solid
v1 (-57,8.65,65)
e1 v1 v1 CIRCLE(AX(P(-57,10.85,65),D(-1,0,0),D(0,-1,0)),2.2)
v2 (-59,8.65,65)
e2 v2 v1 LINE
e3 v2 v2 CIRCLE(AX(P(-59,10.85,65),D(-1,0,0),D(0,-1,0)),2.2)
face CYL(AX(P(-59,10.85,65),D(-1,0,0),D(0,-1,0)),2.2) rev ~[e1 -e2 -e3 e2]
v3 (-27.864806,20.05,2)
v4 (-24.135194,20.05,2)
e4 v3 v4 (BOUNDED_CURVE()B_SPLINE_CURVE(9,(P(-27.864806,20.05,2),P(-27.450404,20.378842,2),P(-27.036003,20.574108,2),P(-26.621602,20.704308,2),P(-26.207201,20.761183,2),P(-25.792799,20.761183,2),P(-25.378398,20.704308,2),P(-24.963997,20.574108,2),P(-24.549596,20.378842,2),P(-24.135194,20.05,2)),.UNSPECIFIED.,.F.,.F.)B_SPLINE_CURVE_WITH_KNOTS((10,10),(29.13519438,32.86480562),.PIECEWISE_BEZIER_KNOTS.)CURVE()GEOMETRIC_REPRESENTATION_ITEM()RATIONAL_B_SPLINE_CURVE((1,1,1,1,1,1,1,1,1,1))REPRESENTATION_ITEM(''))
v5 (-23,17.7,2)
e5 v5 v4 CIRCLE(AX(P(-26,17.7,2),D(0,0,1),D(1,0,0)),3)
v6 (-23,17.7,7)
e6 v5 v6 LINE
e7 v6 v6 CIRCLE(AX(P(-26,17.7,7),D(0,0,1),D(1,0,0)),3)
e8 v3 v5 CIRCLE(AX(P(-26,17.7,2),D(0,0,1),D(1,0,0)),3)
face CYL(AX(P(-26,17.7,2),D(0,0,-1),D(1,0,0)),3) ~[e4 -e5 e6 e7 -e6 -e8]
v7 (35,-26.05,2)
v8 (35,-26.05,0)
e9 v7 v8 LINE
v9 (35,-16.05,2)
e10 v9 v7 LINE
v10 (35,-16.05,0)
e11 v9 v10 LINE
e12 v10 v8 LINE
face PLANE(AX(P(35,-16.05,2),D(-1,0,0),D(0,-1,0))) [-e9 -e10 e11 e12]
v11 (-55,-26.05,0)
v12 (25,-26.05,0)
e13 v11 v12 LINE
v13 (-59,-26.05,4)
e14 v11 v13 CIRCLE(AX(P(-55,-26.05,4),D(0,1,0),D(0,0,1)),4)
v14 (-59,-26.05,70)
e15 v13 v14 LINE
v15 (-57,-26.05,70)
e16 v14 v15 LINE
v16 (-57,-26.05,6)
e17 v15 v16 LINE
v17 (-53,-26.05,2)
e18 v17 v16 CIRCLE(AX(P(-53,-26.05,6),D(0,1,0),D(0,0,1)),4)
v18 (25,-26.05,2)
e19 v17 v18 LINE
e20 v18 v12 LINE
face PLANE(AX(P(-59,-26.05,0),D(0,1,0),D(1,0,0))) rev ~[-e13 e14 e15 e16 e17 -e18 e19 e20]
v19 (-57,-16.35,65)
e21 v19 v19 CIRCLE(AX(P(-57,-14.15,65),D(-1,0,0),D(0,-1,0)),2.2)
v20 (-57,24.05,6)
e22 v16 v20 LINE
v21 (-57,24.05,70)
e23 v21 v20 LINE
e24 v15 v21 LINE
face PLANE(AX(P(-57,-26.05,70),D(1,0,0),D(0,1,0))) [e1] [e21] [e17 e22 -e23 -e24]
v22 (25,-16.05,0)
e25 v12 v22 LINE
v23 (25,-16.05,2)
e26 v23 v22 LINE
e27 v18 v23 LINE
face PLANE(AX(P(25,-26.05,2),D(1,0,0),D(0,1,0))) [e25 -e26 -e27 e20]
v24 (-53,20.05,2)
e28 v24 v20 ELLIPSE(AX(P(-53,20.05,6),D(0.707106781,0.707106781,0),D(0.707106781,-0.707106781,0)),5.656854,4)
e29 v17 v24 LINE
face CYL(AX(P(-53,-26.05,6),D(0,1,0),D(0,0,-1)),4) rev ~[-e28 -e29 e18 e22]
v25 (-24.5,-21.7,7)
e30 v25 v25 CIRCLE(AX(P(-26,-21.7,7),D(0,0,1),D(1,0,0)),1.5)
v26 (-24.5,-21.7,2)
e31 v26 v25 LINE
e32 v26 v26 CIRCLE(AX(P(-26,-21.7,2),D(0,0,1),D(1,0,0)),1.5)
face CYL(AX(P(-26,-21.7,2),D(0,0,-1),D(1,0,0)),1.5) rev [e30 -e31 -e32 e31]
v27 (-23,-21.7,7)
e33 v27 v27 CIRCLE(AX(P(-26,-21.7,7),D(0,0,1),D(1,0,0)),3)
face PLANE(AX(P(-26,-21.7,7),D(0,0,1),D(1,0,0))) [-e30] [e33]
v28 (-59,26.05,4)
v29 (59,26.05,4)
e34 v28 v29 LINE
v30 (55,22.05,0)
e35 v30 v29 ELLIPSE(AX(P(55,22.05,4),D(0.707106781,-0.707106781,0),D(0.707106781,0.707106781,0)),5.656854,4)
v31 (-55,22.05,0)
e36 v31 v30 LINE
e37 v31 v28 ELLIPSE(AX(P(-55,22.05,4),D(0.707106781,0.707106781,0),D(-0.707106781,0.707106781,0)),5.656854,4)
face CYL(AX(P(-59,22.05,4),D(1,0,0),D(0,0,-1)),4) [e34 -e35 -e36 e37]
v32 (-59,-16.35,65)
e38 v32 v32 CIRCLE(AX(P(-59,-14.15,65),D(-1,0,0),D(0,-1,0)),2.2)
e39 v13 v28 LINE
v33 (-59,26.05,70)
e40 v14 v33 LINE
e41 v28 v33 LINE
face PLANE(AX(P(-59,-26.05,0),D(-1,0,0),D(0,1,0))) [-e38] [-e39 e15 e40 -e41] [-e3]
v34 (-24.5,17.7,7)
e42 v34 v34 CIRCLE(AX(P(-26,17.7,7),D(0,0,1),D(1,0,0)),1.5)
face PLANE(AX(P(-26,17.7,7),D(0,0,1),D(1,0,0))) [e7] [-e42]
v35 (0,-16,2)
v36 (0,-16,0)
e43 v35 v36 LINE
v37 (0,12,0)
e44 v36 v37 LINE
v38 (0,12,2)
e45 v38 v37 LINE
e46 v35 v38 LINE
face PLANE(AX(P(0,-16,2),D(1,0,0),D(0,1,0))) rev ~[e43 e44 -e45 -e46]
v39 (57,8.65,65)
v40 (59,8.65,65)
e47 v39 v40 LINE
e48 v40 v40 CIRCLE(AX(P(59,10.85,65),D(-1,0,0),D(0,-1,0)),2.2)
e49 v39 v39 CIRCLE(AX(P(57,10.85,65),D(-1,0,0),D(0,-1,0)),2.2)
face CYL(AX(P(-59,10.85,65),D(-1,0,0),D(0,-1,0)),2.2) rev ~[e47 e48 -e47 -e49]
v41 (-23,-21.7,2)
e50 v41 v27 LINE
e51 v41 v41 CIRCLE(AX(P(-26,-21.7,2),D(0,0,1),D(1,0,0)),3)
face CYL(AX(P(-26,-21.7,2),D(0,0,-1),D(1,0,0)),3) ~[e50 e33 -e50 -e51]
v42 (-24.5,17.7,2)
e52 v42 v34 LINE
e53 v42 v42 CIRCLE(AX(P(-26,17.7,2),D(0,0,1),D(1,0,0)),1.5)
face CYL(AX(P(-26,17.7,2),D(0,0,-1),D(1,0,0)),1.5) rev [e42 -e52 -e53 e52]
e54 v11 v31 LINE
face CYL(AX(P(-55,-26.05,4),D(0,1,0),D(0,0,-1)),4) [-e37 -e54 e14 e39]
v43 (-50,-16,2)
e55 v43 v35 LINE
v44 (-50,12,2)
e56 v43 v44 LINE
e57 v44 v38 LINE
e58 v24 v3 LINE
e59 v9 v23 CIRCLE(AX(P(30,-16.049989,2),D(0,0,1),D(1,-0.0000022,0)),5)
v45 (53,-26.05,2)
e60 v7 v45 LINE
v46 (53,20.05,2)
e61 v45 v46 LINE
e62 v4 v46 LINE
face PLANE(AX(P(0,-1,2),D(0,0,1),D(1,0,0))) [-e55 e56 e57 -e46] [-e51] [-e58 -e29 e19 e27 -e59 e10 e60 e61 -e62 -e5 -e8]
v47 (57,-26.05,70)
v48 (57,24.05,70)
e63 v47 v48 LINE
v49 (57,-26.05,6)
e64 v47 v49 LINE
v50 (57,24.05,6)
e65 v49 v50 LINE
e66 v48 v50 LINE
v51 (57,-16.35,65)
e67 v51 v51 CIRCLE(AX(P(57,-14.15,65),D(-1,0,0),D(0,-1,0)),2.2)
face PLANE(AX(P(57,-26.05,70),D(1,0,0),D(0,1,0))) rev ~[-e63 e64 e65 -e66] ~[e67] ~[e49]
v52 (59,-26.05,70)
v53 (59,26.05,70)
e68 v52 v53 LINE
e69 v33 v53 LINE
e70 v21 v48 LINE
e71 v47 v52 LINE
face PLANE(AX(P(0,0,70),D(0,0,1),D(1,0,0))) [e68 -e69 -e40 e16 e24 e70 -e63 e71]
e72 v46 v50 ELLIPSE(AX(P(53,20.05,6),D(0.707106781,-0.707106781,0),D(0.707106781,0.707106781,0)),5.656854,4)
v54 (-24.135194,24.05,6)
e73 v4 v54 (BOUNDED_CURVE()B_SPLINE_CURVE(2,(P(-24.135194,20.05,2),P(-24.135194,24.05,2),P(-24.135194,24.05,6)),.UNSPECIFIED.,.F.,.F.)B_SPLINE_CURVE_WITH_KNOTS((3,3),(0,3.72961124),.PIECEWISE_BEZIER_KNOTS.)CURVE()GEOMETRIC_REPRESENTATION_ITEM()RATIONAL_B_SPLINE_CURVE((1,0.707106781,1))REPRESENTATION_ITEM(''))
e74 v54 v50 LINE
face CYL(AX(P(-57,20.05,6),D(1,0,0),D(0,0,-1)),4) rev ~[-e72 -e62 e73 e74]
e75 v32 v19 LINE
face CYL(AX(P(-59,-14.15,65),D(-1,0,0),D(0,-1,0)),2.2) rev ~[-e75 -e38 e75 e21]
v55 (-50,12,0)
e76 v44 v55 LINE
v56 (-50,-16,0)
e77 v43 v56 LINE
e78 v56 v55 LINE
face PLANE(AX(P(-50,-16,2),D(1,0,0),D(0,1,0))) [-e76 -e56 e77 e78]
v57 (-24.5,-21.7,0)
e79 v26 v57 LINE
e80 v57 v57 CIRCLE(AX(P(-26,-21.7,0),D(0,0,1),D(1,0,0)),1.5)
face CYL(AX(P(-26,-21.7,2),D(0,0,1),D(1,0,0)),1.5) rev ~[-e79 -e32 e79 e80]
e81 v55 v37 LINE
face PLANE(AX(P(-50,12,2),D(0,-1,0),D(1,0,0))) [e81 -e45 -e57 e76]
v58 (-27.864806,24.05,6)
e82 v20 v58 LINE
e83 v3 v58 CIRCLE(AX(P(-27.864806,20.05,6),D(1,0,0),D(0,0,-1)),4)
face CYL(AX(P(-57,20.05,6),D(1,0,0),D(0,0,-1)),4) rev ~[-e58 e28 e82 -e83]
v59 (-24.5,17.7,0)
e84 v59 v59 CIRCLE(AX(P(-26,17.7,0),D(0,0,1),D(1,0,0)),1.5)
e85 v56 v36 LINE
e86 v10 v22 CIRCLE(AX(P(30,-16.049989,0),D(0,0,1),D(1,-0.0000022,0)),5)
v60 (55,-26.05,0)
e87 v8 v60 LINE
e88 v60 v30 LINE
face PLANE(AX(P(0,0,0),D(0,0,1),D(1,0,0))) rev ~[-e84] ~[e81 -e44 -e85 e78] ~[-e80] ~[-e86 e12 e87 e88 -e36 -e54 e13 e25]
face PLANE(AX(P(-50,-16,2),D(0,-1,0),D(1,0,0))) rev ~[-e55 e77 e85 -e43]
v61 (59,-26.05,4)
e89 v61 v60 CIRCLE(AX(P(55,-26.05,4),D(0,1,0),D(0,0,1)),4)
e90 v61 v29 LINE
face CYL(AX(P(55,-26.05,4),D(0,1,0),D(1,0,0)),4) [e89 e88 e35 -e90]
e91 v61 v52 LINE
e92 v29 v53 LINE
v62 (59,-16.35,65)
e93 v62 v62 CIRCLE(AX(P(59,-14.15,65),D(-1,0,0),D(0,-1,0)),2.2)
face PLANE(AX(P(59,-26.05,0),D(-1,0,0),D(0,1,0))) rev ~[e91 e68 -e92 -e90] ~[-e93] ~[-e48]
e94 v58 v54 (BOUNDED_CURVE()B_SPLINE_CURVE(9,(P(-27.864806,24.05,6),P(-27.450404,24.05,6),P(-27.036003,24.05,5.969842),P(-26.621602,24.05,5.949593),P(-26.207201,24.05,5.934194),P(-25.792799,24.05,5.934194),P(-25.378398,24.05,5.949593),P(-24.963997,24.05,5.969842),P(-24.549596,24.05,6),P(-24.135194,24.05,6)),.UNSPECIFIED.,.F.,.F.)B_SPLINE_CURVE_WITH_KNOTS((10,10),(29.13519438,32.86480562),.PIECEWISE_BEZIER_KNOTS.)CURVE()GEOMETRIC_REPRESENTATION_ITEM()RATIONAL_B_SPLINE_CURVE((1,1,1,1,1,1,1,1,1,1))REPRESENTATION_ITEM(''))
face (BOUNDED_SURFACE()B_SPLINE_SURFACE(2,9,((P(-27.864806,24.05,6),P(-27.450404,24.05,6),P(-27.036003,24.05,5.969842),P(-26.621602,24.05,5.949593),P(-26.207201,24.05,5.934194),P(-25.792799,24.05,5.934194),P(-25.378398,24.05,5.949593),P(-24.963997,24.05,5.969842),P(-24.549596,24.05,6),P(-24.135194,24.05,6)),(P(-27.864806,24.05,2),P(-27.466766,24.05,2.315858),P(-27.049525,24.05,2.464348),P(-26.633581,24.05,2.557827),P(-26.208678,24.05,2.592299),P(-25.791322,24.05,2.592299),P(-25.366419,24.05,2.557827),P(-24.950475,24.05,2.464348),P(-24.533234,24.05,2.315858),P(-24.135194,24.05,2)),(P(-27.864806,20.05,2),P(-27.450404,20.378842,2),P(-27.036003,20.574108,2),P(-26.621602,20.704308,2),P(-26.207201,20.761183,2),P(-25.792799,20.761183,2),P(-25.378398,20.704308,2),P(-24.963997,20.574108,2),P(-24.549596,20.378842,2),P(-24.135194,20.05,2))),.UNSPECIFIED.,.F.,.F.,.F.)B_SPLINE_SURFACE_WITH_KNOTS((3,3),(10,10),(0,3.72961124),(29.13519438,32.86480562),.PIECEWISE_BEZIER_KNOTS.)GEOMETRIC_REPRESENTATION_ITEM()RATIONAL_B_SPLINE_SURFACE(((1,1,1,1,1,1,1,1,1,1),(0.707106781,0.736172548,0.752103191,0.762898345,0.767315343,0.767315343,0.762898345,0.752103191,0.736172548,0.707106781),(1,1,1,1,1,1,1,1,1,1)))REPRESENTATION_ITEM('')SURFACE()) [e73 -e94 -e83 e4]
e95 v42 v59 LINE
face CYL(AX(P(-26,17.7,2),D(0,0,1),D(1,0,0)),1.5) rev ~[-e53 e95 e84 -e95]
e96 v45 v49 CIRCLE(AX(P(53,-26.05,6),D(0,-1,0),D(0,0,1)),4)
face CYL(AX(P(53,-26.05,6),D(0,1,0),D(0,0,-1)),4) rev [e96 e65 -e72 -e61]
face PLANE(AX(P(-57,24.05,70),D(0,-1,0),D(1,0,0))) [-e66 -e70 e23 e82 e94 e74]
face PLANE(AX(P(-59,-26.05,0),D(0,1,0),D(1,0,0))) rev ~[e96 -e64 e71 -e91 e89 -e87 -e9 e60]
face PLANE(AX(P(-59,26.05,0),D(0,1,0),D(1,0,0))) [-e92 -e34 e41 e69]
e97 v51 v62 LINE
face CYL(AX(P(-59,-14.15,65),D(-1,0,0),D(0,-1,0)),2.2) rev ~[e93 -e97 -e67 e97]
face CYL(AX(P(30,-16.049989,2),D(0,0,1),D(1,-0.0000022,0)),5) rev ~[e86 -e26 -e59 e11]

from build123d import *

# Parameters (mm, degrees)
SKETCH_W        = 118
SKETCH_H        = 52.1
PAD_DEPTH       = 70
SKETCH001_W     = 114
SKETCH001_H     = 50.1
POCKET_DEPTH    = 68
SKETCH002_W     = 50
SKETCH002_H     = 28
POCKET001_DEPTH = 2.001
SKETCH003_R     = 1.5
POCKET002_DEPTH = 2.001
SKETCH004_R     = 3
SKETCH004_R_2   = 1.5
PAD001_DEPTH    = 5
SKETCH005_R     = 2.2
POCKET003_DEPTH = 118.001
POCKET004_DEPTH = 2.001
FILLET_R        = 4
FILLET001_R     = 4


with BuildPart() as part:
    # Sketch → Pad (new body)
    with BuildSketch(Plane.XY):
        Rectangle(SKETCH_W, SKETCH_H)
    extrude(amount=PAD_DEPTH)

    # Sketch001 → Pocket (cut)
    with BuildSketch(Plane.XY.offset(70)):
        with Locations((0, -1)):
            Rectangle(SKETCH001_W, SKETCH001_H)
    extrude(amount=-POCKET_DEPTH, mode=Mode.SUBTRACT)

    # Sketch002 → Pocket001 (cut, through all)
    with BuildSketch(Plane.XY.offset(2)):
        with Locations((-25, -2)):
            Rectangle(SKETCH002_W, SKETCH002_H)
    extrude(amount=-POCKET001_DEPTH, mode=Mode.SUBTRACT)

    # Sketch003 → Pocket002 (cut, through all)
    with BuildSketch(Plane.XY.offset(2)):
        with Locations((-26, 17.7)):
            Circle(SKETCH003_R)
        with Locations((-26, -21.7)):
            Circle(SKETCH003_R)
    extrude(amount=-POCKET002_DEPTH, mode=Mode.SUBTRACT)

    # Sketch004 → Pad001 (new body)
    with BuildSketch(Plane.XY.offset(2)):
        with Locations((-26, 17.7)):
            Circle(SKETCH004_R)
        with Locations((-26, 17.7)):
            Circle(SKETCH004_R_2, mode=Mode.SUBTRACT)
        with Locations((-26, -21.7)):
            Circle(SKETCH004_R)
        with Locations((-26, -21.7)):
            Circle(SKETCH004_R_2, mode=Mode.SUBTRACT)
    extrude(amount=PAD001_DEPTH)

    # Sketch005 → Pocket003 (cut, through all)
    with BuildSketch(Plane(origin=(-59, 0, 0), x_dir=(0, -1, 0), z_dir=(-1, 0, 0))):
        with Locations((-10.85, 65)):
            Circle(SKETCH005_R)
        with Locations((14.15, 65)):
            Circle(SKETCH005_R)
    extrude(amount=-POCKET003_DEPTH, mode=Mode.SUBTRACT)

    # Sketch006 → Pocket004 (cut, through all)
    with BuildSketch(Plane.XY.offset(2)):
        with BuildLine():
            Line((35, -16.05), (35, -26.05))
            Line((35, -26.05), (25, -26.05))
            Line((25, -26.05), (25, -16.05))
            ThreePointArc((35, -16.05), (30, -11.049989), (25, -16.05))
        make_face()
    extrude(amount=-POCKET004_DEPTH, mode=Mode.SUBTRACT)

    # Fillet
    fillet_edges = [part.edges().sort_by_distance(p)[0] for p in [
        (0, 24.05, 2),
        (-57, -1, 2),
        (57, -1, 2),
    ]]
    fillet(fillet_edges, radius=FILLET_R)

    # Fillet001
    fillet001_edges = [part.edges().sort_by_distance(p)[0] for p in [
        (-59, 0, 0),
        (0, 26.05, 0),
        (59, 0, 0),
    ]]
    fillet(fillet001_edges, radius=FILLET001_R)


solid = part.part
